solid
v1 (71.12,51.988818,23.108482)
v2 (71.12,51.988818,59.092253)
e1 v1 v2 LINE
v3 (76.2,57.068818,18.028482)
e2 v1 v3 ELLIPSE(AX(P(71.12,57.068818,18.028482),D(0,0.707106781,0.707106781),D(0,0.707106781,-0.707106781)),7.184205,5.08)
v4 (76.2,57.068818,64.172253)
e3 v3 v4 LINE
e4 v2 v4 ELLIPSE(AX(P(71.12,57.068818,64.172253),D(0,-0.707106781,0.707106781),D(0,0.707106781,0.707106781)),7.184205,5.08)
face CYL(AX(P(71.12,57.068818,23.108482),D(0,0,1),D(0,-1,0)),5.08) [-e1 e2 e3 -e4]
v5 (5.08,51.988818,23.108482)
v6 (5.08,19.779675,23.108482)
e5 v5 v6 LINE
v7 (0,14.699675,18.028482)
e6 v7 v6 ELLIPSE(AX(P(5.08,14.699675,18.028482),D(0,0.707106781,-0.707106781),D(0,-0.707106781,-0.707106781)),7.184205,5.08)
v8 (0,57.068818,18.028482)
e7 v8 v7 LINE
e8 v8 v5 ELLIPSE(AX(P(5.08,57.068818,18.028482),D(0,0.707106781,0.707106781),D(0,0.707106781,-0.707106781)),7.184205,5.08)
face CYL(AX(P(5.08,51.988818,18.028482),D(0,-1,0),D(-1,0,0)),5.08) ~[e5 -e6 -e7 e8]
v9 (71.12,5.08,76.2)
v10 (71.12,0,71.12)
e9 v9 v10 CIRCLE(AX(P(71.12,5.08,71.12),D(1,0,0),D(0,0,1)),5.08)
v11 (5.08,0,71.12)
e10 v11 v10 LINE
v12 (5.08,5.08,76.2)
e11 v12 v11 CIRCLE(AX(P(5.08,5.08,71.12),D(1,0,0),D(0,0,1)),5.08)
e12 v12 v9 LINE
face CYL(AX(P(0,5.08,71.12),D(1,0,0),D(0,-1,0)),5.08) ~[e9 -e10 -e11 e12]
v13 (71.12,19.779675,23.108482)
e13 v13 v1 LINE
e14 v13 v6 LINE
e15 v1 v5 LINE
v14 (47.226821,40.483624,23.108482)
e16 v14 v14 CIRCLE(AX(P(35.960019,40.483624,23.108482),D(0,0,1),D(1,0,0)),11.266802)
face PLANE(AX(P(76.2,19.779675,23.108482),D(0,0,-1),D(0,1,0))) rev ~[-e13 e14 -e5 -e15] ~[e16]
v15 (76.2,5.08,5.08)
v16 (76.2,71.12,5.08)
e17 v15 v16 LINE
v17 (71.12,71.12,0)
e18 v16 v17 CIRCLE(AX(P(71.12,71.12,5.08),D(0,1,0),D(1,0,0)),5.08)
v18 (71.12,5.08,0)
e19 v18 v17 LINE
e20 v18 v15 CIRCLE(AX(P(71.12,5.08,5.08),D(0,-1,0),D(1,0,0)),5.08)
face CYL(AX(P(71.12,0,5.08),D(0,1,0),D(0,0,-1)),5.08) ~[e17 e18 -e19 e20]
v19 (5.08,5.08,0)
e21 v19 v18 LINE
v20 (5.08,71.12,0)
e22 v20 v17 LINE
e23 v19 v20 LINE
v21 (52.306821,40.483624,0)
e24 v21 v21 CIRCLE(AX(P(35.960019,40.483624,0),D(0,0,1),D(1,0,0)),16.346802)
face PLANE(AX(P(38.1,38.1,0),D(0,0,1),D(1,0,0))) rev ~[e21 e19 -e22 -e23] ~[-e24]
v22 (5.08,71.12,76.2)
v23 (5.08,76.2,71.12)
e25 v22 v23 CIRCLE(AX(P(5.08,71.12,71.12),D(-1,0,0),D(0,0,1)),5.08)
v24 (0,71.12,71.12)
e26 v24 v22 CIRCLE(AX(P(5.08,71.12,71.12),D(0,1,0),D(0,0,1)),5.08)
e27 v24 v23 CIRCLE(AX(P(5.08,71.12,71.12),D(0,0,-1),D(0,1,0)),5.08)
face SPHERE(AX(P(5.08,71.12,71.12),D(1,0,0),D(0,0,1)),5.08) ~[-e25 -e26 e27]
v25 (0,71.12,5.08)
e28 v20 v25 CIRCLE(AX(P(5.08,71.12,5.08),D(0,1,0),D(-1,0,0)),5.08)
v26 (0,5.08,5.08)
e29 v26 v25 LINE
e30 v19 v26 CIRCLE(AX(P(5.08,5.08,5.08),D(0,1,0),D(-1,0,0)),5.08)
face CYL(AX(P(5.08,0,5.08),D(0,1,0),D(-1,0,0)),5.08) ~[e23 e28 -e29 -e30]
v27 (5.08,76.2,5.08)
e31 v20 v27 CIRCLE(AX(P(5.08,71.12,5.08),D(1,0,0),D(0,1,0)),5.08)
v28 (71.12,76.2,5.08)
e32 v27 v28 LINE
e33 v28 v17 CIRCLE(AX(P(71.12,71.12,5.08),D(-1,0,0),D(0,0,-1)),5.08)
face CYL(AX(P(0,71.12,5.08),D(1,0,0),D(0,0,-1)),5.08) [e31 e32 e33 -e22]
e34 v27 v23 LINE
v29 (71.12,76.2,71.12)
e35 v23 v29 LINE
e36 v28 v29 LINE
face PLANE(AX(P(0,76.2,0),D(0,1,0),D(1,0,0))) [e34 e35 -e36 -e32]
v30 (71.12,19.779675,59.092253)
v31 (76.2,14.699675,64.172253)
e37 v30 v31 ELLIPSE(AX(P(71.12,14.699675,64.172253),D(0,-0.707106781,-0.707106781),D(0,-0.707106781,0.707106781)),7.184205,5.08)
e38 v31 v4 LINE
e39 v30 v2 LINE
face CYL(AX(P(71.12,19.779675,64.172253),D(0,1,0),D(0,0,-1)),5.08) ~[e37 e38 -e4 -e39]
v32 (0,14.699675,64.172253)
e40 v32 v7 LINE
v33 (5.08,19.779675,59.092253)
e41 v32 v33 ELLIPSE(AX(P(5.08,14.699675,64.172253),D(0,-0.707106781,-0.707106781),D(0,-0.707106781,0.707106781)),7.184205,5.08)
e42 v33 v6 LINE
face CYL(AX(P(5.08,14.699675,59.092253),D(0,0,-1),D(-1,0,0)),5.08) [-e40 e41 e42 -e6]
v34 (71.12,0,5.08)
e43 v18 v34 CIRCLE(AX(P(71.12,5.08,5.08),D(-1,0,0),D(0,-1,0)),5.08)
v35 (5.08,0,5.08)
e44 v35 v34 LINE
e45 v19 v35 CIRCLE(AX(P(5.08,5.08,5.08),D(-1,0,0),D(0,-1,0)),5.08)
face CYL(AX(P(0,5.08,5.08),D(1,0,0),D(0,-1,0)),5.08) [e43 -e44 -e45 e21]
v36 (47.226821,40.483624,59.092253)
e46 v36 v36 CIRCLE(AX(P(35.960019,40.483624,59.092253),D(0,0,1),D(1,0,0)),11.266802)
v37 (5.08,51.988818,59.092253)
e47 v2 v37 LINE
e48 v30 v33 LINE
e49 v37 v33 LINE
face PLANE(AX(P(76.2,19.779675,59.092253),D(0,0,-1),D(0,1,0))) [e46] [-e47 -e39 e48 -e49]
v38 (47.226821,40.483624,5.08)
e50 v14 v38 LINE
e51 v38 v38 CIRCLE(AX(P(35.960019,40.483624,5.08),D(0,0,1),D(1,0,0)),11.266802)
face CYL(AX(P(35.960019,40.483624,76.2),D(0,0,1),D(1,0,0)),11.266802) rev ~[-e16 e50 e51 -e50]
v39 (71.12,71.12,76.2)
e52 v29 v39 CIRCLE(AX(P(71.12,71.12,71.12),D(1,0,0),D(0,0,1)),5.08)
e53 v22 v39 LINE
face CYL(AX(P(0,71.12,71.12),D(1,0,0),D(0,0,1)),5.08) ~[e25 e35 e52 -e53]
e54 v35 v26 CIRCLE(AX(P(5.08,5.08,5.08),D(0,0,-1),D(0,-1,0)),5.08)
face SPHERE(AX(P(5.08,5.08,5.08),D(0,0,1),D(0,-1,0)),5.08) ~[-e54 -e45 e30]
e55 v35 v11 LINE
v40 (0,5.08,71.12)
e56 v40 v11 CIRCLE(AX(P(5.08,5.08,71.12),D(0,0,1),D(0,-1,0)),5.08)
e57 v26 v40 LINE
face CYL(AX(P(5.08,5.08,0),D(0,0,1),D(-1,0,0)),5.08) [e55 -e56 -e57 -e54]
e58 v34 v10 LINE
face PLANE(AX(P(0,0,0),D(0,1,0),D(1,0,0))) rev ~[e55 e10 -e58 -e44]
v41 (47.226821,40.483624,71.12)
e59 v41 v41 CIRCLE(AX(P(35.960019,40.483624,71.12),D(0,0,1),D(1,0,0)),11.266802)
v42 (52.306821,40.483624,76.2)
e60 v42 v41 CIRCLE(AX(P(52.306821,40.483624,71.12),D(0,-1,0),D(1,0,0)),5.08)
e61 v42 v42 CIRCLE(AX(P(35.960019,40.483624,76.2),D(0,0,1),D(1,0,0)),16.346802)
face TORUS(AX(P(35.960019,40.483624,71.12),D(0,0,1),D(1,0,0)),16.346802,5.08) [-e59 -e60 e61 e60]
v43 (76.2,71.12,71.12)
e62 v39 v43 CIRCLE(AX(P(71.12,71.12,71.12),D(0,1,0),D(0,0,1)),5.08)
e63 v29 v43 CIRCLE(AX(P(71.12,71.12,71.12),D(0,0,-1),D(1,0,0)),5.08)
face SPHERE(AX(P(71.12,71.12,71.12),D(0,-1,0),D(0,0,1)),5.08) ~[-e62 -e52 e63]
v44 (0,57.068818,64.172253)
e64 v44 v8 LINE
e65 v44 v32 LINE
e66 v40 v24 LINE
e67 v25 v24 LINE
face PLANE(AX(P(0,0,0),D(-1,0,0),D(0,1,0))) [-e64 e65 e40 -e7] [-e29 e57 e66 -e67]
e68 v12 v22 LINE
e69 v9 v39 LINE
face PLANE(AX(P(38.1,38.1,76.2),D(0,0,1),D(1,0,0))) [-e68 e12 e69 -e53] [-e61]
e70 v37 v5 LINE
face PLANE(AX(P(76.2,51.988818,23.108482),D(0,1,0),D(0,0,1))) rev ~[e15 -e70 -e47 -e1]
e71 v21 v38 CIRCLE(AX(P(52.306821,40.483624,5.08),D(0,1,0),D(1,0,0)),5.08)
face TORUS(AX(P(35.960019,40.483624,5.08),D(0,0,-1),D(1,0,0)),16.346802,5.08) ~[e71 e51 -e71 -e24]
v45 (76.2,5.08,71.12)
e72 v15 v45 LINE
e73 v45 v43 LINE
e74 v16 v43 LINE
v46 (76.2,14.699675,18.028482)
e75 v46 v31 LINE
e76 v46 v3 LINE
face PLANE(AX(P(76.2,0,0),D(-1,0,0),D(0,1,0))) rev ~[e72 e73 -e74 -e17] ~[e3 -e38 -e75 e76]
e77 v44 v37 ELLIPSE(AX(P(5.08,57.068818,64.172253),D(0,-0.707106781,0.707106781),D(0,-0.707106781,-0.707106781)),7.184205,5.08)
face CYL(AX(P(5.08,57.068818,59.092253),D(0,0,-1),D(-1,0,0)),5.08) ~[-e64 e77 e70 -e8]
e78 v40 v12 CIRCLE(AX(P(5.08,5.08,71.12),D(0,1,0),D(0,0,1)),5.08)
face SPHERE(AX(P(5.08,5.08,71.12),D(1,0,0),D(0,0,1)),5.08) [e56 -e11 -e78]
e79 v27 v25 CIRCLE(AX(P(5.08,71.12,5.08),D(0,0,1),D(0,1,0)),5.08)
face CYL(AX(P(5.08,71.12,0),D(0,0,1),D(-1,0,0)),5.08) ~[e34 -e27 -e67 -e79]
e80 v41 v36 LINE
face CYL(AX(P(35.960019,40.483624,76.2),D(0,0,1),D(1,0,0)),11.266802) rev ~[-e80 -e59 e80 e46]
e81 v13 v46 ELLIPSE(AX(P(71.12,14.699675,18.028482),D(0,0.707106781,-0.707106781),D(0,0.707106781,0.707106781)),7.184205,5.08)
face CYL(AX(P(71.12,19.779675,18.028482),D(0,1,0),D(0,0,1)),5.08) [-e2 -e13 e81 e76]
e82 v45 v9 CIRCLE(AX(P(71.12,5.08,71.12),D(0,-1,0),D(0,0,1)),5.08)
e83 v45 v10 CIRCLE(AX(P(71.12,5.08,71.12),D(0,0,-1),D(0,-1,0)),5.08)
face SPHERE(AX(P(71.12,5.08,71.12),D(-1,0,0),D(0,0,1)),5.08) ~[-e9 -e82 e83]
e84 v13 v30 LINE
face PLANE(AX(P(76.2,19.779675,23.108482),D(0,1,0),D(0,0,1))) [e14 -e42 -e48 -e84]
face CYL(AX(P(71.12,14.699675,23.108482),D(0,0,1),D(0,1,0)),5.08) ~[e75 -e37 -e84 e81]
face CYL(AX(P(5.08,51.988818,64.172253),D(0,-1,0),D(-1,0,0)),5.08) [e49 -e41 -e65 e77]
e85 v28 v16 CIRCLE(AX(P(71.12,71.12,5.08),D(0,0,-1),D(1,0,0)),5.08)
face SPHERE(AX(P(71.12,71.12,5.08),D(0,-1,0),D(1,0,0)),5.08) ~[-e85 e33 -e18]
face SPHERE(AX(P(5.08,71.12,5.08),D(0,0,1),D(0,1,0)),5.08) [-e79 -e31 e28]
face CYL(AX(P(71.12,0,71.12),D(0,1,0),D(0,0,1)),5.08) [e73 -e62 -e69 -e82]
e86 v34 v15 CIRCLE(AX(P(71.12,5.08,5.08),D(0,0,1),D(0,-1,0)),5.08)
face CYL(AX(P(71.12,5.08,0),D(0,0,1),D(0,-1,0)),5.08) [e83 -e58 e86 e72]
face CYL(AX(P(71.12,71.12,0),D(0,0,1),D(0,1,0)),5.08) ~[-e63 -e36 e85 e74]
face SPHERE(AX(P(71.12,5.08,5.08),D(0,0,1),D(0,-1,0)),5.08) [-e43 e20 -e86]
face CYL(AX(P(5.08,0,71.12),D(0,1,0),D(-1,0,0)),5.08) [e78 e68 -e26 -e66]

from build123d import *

# Parameters (mm, degrees)
F0_W     = 76.2
F0_H     = 76.2
F1_DEPTH = 76.2
F2_R     = 11.2668024736
F3_DEPTH = 76.201
F4_W     = 32.2091430426
F4_H     = 35.9837710857
F5_DEPTH = 76.201
F6_R     = 5.08
F7_R     = 5.08


with BuildPart() as f1:
    # F0 (on Top) → F1 (new body)
    with BuildSketch(Plane.XY):
        with Locations((38.1, 38.1)):
            Rectangle(F0_W, F0_H)
    extrude(amount=F1_DEPTH)

    # F2 (on face) → F3 (cut, through all)
    with BuildSketch(Plane.XY.offset(76.2)):
        with Locations((35.9600186348, 40.4836237431)):
            Circle(F2_R)
    extrude(amount=-F3_DEPTH, mode=Mode.SUBTRACT)

    # F4 (on face) → F5 (cut, through all)
    with BuildSketch(Plane.YZ.offset(76.2)):
        with Locations((35.8842462301, 41.1003679037)):
            Rectangle(F4_W, F4_H)
    extrude(amount=-F5_DEPTH, mode=Mode.SUBTRACT)

    # F6
    f6_edges = [f1.edges().sort_by_distance(p)[0] for p in [
        (38.1, 0, 76.2),
        (76.2, 38.1, 76.2),
        (38.1, 76.2, 76.2),
        (0, 38.1, 76.2),
        (0, 0, 38.1),
        (76.2, 0, 38.1),
        (38.1, 0, 0),
        (76.2, 38.1, 0),
        (76.2, 35.884246, 23.108482),
        (76.2, 51.988818, 41.100368),
        (76.2, 76.2, 38.1),
        (76.2, 19.779675, 41.100368),
        (76.2, 35.884246, 59.092253),
        (0, 76.2, 38.1),
        (38.1, 76.2, 0),
        (0, 38.1, 0),
        (24.693216, 40.483624, 0),
    ]]
    fillet(f6_edges, radius=F6_R)

    # F7
    f7_edges = [f1.edges().sort_by_distance(p)[0] for p in [
        (38.1, 5.08, 76.2),
        (5.08, 38.1, 76.2),
        (71.12, 38.1, 76.2),
        (38.1, 71.12, 76.2),
        (24.693216, 40.483624, 76.2),
        (0, 38.1, 71.12),
        (0, 71.12, 38.1),
        (0, 5.08, 38.1),
        (0, 38.1, 5.08),
        (0, 51.988818, 41.100368),
        (0, 35.884246, 59.092253),
        (0, 19.779675, 41.100368),
        (0, 35.884246, 23.108482),
    ]]
    fillet(f7_edges, radius=F7_R)


solid = f1.part
